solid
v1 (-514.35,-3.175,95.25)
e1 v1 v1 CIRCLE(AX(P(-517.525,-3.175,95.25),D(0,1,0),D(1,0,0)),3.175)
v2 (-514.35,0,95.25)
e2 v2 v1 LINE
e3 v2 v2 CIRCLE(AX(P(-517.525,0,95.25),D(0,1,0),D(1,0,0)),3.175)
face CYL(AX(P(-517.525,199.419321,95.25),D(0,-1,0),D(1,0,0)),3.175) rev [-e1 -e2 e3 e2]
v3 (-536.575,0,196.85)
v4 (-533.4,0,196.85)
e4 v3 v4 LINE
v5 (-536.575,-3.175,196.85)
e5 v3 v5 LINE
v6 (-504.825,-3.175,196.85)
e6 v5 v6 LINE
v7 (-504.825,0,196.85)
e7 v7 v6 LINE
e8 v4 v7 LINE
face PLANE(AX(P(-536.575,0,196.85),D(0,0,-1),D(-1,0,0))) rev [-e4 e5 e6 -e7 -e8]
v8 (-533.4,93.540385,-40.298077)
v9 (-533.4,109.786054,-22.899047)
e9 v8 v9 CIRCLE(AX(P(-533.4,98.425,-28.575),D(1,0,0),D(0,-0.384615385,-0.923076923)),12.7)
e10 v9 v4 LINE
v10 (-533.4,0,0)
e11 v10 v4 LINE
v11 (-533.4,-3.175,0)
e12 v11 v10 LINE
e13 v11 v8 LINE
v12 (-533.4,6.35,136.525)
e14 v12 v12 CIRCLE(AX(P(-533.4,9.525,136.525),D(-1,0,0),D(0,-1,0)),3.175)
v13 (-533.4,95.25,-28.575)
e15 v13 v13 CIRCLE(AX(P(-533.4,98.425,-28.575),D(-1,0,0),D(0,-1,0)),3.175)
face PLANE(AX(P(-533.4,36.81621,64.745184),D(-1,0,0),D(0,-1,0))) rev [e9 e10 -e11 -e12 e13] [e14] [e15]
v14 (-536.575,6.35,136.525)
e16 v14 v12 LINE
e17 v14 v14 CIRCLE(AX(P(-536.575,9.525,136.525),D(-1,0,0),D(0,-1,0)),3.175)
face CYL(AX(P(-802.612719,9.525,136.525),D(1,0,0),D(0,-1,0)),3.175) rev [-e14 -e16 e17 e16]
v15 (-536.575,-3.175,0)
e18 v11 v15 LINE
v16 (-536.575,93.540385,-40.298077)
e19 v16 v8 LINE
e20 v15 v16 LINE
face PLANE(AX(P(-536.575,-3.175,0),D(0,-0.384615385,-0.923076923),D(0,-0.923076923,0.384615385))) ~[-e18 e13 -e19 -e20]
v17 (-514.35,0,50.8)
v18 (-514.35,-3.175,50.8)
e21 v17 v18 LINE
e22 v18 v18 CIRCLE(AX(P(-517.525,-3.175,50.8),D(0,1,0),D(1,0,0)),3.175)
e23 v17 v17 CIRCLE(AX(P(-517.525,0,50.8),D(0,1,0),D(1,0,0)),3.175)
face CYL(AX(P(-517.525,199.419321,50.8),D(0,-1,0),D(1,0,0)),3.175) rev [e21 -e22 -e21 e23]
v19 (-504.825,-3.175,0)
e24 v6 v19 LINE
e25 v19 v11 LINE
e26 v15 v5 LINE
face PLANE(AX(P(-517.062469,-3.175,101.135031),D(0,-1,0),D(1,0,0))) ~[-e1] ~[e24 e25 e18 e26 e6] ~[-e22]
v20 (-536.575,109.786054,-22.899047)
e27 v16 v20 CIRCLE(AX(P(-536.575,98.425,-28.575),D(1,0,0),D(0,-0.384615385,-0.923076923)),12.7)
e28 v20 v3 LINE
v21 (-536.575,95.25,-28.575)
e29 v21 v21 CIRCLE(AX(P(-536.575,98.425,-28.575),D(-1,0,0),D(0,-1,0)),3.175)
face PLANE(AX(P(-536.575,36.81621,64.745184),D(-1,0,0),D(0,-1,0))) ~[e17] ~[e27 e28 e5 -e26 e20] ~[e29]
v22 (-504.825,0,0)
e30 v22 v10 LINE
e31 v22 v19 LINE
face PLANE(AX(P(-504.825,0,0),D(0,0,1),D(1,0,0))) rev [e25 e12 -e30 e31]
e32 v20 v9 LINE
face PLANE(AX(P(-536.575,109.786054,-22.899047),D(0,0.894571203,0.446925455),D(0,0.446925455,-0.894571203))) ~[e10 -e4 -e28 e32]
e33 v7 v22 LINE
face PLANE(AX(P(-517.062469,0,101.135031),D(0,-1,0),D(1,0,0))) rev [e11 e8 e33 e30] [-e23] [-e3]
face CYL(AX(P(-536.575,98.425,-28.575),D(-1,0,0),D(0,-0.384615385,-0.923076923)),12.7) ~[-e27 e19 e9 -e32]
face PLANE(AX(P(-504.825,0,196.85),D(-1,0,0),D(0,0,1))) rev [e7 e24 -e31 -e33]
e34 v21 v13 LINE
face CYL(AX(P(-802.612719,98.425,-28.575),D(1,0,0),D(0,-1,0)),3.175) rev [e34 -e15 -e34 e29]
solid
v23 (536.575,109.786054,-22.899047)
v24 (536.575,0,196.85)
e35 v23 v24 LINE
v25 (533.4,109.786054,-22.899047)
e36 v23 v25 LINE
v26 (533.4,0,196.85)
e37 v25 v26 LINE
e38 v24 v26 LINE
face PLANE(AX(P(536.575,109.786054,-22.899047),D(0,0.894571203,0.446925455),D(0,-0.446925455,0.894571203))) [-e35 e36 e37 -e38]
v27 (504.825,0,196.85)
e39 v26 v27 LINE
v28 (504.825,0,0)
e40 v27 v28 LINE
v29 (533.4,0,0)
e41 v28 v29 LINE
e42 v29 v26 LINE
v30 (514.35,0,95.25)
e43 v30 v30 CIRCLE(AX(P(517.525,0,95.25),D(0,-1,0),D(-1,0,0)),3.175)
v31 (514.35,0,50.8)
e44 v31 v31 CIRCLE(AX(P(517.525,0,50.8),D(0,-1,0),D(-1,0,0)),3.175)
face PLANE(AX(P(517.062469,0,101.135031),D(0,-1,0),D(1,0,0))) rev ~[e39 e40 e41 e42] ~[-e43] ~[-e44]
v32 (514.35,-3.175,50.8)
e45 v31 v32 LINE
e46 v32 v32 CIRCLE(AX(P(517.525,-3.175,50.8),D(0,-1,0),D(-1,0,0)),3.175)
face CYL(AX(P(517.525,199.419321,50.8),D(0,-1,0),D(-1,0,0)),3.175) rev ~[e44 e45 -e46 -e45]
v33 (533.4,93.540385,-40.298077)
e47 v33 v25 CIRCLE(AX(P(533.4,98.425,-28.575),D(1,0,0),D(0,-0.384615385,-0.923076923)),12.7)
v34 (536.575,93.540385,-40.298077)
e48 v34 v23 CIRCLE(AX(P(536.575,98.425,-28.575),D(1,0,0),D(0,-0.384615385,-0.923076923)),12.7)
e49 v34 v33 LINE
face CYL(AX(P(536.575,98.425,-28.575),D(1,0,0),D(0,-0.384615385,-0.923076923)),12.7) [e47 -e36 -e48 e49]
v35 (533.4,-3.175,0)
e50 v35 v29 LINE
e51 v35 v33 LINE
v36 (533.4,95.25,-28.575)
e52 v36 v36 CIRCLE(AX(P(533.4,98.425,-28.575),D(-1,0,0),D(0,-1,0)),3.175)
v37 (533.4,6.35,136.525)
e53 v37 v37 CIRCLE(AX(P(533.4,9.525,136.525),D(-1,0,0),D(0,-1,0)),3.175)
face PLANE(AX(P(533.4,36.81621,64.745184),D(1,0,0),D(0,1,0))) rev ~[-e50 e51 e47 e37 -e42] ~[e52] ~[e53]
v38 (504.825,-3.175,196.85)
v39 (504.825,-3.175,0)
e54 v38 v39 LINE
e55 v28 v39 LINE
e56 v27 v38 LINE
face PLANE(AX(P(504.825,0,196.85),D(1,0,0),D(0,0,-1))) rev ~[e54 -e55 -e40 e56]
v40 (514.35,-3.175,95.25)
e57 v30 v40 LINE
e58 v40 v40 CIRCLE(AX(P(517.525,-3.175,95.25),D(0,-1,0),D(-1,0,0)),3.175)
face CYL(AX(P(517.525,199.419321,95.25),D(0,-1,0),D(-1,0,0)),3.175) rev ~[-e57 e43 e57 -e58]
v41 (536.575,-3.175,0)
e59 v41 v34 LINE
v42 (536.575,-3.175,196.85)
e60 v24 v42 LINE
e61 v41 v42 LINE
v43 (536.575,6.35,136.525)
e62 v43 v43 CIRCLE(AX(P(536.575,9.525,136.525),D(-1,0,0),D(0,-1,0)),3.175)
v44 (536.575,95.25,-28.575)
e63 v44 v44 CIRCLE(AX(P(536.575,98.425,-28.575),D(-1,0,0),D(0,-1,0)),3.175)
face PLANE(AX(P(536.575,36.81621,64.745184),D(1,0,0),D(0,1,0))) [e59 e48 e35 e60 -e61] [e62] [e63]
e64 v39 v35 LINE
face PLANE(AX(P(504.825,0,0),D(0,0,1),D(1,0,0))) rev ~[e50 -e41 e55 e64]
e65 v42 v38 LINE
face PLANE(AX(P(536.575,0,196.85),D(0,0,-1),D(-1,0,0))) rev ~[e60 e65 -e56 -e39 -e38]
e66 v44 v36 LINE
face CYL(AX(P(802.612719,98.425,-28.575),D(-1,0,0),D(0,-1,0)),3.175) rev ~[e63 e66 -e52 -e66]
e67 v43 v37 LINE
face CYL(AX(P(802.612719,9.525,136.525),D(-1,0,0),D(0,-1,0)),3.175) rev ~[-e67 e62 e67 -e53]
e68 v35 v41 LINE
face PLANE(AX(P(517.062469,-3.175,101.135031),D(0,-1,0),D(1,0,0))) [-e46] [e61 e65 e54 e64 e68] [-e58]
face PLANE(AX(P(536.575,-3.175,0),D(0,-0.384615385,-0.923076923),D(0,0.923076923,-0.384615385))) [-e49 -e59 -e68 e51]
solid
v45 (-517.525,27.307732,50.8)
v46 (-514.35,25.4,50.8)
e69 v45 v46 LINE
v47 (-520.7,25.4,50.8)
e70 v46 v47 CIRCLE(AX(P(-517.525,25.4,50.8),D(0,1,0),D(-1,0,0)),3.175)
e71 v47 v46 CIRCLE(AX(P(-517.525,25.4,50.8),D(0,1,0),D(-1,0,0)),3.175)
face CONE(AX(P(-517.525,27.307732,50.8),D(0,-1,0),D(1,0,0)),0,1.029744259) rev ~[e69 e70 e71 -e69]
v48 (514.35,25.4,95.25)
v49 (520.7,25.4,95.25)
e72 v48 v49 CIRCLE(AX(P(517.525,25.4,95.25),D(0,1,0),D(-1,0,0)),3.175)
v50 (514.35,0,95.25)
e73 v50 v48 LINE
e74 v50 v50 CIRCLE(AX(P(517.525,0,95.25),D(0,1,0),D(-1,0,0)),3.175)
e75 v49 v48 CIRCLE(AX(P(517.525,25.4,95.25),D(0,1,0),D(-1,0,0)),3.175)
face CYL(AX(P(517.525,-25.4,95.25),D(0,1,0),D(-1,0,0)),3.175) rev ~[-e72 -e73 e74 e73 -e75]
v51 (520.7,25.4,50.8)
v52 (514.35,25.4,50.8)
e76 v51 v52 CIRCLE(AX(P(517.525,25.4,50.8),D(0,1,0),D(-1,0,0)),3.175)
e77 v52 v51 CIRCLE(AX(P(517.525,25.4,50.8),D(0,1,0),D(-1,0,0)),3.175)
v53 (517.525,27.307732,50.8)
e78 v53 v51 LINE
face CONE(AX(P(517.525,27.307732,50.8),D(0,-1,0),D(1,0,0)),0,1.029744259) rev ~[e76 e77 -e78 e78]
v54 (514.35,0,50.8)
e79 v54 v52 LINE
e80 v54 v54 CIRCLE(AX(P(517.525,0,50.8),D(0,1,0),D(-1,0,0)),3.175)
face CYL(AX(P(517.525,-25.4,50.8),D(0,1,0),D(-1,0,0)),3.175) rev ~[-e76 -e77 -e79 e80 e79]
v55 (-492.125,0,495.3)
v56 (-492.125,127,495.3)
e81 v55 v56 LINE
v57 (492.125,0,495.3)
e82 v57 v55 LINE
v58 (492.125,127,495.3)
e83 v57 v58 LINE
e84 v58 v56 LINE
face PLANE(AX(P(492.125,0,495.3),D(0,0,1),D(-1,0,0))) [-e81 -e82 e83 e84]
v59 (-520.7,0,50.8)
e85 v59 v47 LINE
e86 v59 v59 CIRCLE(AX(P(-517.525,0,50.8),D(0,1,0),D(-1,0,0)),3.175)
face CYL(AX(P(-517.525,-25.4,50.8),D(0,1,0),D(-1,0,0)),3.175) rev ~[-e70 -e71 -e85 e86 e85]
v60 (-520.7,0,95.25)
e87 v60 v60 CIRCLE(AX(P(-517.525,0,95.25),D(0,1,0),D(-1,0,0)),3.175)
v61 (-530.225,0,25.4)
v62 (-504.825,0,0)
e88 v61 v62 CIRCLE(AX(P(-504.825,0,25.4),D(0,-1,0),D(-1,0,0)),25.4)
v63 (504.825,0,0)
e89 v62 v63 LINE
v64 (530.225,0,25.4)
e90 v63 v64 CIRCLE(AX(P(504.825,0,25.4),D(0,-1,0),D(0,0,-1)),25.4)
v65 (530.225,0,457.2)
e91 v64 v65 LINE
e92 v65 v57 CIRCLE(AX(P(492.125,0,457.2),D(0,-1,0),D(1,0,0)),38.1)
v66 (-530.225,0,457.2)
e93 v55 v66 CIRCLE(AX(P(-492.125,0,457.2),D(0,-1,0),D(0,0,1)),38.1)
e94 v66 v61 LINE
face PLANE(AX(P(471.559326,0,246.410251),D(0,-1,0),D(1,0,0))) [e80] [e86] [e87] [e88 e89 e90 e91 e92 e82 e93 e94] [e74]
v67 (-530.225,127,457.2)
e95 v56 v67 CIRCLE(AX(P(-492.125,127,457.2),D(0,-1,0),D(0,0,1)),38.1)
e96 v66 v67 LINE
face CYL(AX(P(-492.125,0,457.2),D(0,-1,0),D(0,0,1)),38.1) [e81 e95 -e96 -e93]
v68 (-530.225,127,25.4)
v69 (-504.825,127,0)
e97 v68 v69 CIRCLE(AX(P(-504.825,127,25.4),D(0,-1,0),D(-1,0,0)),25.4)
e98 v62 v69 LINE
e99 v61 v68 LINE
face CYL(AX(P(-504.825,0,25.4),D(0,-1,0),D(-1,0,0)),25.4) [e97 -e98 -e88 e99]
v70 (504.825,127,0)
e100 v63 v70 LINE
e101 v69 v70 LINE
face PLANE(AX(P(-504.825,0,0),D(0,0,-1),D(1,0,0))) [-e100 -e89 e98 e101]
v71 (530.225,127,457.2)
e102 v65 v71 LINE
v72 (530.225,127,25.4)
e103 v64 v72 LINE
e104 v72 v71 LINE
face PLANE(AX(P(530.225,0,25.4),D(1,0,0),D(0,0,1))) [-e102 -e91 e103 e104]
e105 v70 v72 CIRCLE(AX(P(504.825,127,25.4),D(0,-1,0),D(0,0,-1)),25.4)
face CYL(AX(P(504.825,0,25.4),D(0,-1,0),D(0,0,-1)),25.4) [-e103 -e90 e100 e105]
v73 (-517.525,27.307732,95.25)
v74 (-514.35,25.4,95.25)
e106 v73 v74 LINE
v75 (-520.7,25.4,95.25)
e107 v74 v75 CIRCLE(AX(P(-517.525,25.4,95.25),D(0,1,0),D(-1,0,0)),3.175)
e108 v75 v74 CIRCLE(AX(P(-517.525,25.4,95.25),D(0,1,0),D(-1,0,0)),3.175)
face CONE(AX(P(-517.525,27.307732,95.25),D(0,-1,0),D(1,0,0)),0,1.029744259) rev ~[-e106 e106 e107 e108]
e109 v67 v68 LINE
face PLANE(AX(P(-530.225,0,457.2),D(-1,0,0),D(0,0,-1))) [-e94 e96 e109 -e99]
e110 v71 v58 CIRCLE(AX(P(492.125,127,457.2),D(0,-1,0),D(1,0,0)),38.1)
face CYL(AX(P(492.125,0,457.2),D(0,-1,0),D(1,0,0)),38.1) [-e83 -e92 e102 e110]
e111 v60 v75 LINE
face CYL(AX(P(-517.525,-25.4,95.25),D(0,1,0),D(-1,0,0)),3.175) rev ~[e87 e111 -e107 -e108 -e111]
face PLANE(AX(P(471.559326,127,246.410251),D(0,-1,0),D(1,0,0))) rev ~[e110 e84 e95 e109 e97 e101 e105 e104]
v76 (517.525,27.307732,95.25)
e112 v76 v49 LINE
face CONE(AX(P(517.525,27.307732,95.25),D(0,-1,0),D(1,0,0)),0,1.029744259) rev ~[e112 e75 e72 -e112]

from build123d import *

# Parameters (mm, degrees)
F0_W     = 298.45
F0_H     = 495.3
F0_W_2   = 222.25
F1_DEPTH = 127
F2_D     = 6.35
F2_DEPTH = 25.4
F2_TIP   = 1.9077324654
F4_DEPTH = 3.175
F5_D     = 6.35
F6_W     = 3.175
F6_H     = 196.85
F7_DEPTH = 3.175
F8_D     = 6.35


with BuildPart() as f1:
    # F0 (on Front) → F1 (new body)
    with BuildSketch(Plane.XZ):
        with BuildLine():
            Line((415.925, 0), (504.825, 0))
            ThreePointArc((504.825, 0), (522.7855122421, 7.4394877579), (530.225, 25.4))
            Line((530.225, 25.4), (530.225, 457.2))
            ThreePointArc((530.225, 457.2), (519.0657683632, 484.1407683632), (492.125, 495.3))
            Line((492.125, 495.3), (415.925, 495.3))
            Line((415.925, 495.3), (415.925, 0))
        make_face()
        with Locations((266.7, 247.65)):
            Rectangle(F0_W, F0_H)
        with Locations((6.35, 247.65)):
            Rectangle(F0_W_2, F0_H)
        with Locations((-254, 247.65)):
            Rectangle(F0_W, F0_H)
        with BuildLine():
            Line((-504.825, 0), (-403.225, 0))
            Line((-403.225, 0), (-403.225, 495.3))
            Line((-403.225, 495.3), (-492.125, 495.3))
            ThreePointArc((-492.125, 495.3), (-519.0657683632, 484.1407683632), (-530.225, 457.2))
            Line((-530.225, 457.2), (-530.225, 25.4))
            ThreePointArc((-530.225, 25.4), (-522.7855122421, 7.4394877579), (-504.825, 0))
        make_face()
    extrude(amount=-F1_DEPTH)

    # F2
    with Locations(Plane.XZ):
        with Locations((-517.525, 95.25), (-517.525, 50.8), (517.525, 95.25), (517.525, 50.8)):
            Hole(F2_D / 2, depth=F2_DEPTH)
            with Locations((0, 0, -(F2_DEPTH + F2_TIP / 2))):  # 118° drill point
                Cone(0, F2_D / 2, F2_TIP, mode=Mode.SUBTRACT)


with BuildPart() as f4:
    # F3 (on face) → F4 (new body)
    with BuildSketch(Plane.XZ):
        with BuildLine():
            Line((530.225, 196.85), (504.825, 196.85))
            Line((504.825, 196.85), (504.825, 0))
            ThreePointArc((504.825, 0), (522.7855122421, 7.4394877579), (530.225, 25.4))
            Line((530.225, 25.4), (530.225, 196.85))
        make_face()
        with BuildLine():
            Line((536.575, 196.85), (530.225, 196.85))
            Line((530.225, 196.85), (530.225, 25.4))
            ThreePointArc((530.225, 25.4), (522.7855122421, 7.4394877579), (504.825, 0))
            Line((504.825, 0), (536.575, 0))
            Line((536.575, 0), (536.575, 196.85))
        make_face()
    extrude(amount=F4_DEPTH)

    # F5 (through all)
    with Locations(Plane(origin=(0, 0, 0), x_dir=(1, 0, 0), z_dir=(0, 1, 0))):
        with Locations((517.525, -95.25), (517.525, -50.8)):
            Hole(F5_D / 2)

    # F6 (on face) → F7 (join)
    with BuildSketch(Plane.YZ.offset(536.575)):
        with BuildLine():
            Line((-3.175, 0), (93.5403846154, -40.2980769231))
            ThreePointArc((93.5403846154, -40.2980769231), (107.7076520014, -37.2423162986), (109.7860542815, -22.8990467222))
            Line((109.7860542815, -22.8990467222), (0, 196.85))
            Line((0, 196.85), (0, 0))
            Line((0, 0), (-3.175, 0))
        make_face()
        with Locations((-1.5875, 98.425)):
            Rectangle(F6_W, F6_H)
    extrude(amount=-F7_DEPTH)

    # F8 (through all)
    with Locations(Plane.YZ.offset(536.575)):
        with Locations((98.425, -28.575), (9.525, 136.525)):
            Hole(F8_D / 2)


with BuildPart() as f9_1:
    # F9: instance of F4
    add(f4.part.mirror(Plane.YZ))


solid = Compound([f1.part, f4.part, f9_1.part])
